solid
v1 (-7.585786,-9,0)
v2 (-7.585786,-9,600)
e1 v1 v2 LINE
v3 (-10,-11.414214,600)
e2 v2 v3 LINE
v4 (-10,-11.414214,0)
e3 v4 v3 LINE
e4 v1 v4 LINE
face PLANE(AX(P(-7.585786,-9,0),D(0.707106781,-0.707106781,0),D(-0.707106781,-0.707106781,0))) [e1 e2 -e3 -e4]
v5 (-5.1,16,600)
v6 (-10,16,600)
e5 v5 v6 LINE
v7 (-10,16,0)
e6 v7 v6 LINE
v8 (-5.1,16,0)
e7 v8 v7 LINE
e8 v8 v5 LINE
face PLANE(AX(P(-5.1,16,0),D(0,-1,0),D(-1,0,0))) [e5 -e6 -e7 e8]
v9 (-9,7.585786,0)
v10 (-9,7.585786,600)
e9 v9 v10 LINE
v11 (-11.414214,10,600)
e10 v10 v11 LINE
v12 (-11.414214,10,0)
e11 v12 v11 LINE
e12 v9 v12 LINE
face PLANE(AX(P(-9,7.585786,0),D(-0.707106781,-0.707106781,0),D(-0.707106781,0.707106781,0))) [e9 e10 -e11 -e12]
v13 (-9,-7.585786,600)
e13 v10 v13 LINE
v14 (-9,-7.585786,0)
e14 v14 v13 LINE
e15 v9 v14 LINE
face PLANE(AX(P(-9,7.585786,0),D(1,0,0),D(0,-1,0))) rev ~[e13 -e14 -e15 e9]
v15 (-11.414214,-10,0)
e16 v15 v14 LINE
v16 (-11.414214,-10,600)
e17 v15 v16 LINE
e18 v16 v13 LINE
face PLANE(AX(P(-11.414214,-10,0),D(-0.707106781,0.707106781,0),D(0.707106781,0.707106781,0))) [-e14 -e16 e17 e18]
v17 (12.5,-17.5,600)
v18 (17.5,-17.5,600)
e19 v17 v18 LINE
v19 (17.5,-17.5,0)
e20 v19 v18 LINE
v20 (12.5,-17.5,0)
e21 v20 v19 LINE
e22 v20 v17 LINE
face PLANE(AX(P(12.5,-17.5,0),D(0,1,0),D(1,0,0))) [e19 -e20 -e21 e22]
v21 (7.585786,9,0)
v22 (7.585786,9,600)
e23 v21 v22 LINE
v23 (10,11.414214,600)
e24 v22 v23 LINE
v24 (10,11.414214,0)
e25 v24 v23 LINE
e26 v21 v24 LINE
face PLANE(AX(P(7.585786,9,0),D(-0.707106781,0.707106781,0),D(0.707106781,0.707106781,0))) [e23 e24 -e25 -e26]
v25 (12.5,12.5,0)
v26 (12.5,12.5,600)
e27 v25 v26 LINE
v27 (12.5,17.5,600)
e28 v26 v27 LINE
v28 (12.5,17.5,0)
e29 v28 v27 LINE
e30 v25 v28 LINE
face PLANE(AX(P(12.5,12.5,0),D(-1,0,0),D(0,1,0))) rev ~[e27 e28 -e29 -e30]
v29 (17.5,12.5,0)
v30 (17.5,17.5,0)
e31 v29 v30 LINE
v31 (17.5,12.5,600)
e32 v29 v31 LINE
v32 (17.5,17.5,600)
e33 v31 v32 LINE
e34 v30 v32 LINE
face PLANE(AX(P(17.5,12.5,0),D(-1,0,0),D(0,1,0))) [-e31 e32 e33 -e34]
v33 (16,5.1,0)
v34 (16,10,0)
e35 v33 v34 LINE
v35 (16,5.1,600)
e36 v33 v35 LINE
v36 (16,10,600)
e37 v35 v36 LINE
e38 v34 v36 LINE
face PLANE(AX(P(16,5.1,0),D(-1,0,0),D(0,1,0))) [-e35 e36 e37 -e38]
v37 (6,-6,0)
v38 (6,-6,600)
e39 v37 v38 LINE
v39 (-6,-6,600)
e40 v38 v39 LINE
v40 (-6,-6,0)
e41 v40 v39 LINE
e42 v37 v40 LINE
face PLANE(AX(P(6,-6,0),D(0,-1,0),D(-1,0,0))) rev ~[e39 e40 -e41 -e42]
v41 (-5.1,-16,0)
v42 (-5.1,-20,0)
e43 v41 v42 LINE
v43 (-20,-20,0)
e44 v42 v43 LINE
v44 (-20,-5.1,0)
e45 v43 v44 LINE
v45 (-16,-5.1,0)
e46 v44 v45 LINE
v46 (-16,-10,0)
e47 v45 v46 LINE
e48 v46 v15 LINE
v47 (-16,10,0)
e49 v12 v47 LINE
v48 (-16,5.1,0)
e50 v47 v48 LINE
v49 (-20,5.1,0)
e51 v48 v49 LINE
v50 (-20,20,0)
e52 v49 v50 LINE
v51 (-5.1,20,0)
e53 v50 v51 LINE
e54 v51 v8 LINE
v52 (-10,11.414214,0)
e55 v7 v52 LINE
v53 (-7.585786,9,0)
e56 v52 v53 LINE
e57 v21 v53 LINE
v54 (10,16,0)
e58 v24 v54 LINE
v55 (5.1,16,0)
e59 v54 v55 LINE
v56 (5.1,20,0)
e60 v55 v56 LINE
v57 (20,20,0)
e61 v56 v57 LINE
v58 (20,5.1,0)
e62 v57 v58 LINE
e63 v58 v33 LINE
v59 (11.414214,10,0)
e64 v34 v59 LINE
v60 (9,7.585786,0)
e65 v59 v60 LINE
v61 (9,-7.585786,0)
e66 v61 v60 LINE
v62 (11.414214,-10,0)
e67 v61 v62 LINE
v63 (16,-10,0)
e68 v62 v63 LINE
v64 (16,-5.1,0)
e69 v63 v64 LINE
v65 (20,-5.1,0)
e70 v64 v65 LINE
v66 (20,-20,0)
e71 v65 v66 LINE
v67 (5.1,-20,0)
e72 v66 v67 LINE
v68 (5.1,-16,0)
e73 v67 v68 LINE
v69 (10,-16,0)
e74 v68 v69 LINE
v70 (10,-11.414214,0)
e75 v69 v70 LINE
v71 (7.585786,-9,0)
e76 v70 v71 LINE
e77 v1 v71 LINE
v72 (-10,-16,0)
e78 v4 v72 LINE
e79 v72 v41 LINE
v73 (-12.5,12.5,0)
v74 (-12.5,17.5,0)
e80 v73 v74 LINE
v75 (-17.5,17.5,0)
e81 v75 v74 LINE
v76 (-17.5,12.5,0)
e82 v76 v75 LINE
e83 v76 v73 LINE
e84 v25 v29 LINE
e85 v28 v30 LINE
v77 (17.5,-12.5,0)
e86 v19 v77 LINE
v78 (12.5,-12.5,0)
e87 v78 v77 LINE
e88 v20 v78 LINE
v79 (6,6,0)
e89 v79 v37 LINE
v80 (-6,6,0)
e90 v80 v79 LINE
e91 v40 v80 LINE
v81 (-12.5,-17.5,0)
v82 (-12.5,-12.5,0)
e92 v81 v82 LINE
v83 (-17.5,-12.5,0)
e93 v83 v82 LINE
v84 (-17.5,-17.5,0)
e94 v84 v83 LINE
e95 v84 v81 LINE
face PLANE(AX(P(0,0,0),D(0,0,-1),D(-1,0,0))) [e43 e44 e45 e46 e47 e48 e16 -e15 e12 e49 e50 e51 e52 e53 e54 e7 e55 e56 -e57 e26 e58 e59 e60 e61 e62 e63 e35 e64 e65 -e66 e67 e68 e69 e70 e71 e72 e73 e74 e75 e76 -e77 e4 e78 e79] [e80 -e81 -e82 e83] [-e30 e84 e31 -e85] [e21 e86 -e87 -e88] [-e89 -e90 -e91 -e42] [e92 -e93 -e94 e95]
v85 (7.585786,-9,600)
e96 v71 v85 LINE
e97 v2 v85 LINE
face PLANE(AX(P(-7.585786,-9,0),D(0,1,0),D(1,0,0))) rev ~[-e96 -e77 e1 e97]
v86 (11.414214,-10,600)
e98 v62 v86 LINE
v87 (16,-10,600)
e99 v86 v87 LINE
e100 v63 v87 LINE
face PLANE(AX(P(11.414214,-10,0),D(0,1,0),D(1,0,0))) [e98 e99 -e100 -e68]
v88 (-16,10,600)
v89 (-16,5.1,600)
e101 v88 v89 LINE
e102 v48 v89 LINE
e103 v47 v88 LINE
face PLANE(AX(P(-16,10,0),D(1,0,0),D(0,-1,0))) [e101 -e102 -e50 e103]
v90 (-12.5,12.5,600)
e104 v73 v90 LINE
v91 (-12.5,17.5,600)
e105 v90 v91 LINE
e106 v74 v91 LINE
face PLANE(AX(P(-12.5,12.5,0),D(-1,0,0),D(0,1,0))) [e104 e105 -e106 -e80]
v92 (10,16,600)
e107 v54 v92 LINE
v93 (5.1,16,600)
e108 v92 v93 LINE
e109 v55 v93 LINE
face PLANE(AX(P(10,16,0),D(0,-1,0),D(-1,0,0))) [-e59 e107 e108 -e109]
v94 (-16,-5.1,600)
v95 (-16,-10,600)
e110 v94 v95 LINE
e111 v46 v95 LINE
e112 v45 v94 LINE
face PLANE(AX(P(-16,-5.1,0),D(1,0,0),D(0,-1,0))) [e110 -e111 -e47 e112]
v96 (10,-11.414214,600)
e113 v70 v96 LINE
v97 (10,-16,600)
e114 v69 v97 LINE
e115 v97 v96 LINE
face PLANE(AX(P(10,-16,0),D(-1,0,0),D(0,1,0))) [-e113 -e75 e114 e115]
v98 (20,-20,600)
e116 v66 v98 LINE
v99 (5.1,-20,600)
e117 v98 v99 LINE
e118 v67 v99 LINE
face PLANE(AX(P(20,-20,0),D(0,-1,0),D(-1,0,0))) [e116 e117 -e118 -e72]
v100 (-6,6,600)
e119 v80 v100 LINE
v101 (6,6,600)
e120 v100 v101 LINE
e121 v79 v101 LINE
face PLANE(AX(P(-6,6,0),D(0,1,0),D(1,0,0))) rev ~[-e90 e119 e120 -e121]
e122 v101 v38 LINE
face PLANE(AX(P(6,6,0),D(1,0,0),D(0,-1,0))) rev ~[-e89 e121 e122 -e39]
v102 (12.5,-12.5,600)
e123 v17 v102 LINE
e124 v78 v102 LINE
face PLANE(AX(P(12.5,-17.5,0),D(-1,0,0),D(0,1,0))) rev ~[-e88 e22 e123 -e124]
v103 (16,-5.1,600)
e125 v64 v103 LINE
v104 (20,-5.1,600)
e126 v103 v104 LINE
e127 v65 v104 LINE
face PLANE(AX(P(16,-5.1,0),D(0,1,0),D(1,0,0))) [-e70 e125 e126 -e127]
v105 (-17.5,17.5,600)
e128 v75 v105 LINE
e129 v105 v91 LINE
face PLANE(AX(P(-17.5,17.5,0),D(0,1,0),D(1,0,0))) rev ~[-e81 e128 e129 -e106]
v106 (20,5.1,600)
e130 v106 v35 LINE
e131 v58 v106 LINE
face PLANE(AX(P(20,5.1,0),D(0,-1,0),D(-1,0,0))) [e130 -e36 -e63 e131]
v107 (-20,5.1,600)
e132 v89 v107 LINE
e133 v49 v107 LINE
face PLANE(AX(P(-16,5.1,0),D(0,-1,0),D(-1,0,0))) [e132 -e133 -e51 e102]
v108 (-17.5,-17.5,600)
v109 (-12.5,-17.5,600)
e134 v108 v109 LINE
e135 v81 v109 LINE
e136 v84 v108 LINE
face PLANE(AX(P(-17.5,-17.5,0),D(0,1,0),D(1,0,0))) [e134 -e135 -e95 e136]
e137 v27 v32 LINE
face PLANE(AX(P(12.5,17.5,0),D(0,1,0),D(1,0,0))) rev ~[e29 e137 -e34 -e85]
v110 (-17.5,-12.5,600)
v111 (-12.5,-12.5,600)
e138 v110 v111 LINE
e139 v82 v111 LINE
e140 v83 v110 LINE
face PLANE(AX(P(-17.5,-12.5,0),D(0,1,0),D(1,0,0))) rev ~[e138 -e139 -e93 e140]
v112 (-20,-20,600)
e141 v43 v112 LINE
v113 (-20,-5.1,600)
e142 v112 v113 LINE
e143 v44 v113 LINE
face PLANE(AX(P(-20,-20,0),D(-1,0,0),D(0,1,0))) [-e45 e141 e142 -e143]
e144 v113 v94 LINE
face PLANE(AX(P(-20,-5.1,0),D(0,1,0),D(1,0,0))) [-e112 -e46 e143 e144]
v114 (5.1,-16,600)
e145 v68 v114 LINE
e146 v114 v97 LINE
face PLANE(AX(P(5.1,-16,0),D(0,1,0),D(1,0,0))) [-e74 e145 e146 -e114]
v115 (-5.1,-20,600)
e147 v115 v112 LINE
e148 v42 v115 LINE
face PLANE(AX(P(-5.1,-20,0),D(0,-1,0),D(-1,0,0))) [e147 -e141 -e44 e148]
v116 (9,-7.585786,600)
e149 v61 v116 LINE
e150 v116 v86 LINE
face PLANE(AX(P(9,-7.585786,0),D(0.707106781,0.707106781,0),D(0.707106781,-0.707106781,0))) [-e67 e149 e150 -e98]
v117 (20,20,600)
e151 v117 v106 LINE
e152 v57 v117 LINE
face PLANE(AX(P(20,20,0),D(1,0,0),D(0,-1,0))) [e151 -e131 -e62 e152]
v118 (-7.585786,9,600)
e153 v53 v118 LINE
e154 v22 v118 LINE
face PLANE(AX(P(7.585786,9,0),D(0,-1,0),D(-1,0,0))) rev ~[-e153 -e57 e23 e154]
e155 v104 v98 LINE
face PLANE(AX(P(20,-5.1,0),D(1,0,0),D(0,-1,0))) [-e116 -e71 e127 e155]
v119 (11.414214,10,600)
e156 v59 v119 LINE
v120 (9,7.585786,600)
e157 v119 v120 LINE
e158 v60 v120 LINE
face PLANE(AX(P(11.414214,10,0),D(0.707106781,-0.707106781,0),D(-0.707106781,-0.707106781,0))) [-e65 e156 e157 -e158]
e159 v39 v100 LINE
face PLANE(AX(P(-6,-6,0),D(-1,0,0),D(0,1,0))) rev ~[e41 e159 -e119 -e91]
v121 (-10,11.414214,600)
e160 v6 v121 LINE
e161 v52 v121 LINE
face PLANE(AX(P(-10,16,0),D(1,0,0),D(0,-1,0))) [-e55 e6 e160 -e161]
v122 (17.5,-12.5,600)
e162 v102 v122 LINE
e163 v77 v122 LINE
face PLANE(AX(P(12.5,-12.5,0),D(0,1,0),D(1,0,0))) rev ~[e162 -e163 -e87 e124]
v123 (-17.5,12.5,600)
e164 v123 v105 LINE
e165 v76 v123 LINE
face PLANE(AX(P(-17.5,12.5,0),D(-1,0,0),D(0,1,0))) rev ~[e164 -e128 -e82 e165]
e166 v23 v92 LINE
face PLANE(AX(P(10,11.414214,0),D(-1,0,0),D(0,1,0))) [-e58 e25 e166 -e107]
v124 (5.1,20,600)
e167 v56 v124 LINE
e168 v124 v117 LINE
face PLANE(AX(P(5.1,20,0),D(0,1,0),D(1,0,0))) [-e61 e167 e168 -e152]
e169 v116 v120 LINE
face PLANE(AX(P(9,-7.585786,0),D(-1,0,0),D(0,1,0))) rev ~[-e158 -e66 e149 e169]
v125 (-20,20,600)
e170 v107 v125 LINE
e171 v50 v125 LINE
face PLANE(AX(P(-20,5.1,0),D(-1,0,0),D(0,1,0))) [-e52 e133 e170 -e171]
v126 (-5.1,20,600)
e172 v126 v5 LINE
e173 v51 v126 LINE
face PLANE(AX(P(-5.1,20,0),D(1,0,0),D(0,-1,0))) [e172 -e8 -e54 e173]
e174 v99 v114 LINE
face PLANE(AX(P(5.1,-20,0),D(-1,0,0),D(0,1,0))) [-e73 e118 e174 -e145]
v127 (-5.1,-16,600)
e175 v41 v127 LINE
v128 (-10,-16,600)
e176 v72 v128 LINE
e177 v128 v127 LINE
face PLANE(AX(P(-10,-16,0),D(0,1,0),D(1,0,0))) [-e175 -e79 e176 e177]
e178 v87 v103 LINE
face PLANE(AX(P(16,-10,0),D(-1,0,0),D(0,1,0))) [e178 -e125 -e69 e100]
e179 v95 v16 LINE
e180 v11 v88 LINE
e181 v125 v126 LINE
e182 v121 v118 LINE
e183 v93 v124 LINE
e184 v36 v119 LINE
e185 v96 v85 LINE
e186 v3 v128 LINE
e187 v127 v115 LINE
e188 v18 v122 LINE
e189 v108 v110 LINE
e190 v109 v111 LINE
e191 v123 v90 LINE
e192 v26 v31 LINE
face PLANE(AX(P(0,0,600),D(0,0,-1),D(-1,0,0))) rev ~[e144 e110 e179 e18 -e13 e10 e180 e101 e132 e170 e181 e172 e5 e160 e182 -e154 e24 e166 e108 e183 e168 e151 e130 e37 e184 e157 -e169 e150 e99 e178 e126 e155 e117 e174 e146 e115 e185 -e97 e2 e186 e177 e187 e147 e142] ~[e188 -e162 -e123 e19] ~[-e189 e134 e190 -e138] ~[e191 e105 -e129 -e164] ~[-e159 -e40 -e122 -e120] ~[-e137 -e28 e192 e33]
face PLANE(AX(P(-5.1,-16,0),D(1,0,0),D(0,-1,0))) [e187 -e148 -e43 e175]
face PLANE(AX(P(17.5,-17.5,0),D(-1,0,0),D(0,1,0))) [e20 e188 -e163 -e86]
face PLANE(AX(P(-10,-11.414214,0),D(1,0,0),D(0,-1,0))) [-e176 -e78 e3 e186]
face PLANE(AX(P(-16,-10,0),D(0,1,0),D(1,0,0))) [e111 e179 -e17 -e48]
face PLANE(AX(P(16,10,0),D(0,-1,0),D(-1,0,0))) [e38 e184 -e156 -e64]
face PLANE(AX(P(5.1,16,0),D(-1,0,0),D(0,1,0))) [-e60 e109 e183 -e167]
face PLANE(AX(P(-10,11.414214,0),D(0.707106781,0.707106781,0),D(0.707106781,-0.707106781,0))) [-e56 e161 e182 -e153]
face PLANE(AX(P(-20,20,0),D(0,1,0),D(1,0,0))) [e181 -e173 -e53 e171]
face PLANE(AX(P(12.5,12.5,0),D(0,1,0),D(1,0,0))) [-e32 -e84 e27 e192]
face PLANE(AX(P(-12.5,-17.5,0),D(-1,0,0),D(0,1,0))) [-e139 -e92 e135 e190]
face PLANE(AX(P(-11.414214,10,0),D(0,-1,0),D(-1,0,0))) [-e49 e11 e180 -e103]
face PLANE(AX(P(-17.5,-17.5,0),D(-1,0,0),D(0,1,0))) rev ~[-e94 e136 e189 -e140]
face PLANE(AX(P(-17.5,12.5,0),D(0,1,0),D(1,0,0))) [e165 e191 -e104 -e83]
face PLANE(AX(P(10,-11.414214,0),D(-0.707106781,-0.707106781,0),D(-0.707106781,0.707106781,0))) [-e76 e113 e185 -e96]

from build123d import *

# Parameters (mm, degrees)
ESQUISSE1_W        = 5
ESQUISSE1_H        = 5
BOSS_EXTRU_1_DEPTH = 600


with BuildPart() as part:
    # Esquisse1 → Boss.-Extru.1 (new body)
    with BuildSketch(Plane.XY):
        Polygon((0, 9), (7.585786438, 9), (10, 11.414213562), (10, 16), (5.1, 16), (5.1, 20), (20, 20), (20, 5.1), (16, 5.1), (16, 10), (11.414213562, 10), (9, 7.585786438), (9, 0), (9, -7.585786438), (11.414213562, -10), (16, -10), (16, -5.1), (20, -5.1), (20, -20), (5.1, -20), (5.1, -16), (10, -16), (10, -11.414213562), (7.585786438, -9), (0, -9), (-7.585786438, -9), (-10, -11.414213562), (-10, -16), (-5.1, -16), (-5.1, -20), (-20, -20), (-20, -5.1), (-16, -5.1), (-16, -10), (-11.414213562, -10), (-9, -7.585786438), (-9, 0), (-9, 7.585786438), (-11.414213562, 10), (-16, 10), (-16, 5.1), (-20, 5.1), (-20, 20), (-5.1, 20), (-5.1, 16), (-10, 16), (-10, 11.414213562), (-7.585786438, 9), align=None)
        with Locations((15, 15)):
            Rectangle(ESQUISSE1_W, ESQUISSE1_H, mode=Mode.SUBTRACT)
        Polygon((0, 6), (6, 6), (6, 0), (6, -6), (0, -6), (-6, -6), (-6, 0), (-6, 6), align=None, mode=Mode.SUBTRACT)
        with Locations((15, -15)):
            Rectangle(ESQUISSE1_W, ESQUISSE1_H, mode=Mode.SUBTRACT)
        with Locations((-15, -15)):
            Rectangle(ESQUISSE1_W, ESQUISSE1_H, mode=Mode.SUBTRACT)
        with Locations((-15, 15)):
            Rectangle(ESQUISSE1_W, ESQUISSE1_H, mode=Mode.SUBTRACT)
    extrude(amount=BOSS_EXTRU_1_DEPTH)


solid = part.part
